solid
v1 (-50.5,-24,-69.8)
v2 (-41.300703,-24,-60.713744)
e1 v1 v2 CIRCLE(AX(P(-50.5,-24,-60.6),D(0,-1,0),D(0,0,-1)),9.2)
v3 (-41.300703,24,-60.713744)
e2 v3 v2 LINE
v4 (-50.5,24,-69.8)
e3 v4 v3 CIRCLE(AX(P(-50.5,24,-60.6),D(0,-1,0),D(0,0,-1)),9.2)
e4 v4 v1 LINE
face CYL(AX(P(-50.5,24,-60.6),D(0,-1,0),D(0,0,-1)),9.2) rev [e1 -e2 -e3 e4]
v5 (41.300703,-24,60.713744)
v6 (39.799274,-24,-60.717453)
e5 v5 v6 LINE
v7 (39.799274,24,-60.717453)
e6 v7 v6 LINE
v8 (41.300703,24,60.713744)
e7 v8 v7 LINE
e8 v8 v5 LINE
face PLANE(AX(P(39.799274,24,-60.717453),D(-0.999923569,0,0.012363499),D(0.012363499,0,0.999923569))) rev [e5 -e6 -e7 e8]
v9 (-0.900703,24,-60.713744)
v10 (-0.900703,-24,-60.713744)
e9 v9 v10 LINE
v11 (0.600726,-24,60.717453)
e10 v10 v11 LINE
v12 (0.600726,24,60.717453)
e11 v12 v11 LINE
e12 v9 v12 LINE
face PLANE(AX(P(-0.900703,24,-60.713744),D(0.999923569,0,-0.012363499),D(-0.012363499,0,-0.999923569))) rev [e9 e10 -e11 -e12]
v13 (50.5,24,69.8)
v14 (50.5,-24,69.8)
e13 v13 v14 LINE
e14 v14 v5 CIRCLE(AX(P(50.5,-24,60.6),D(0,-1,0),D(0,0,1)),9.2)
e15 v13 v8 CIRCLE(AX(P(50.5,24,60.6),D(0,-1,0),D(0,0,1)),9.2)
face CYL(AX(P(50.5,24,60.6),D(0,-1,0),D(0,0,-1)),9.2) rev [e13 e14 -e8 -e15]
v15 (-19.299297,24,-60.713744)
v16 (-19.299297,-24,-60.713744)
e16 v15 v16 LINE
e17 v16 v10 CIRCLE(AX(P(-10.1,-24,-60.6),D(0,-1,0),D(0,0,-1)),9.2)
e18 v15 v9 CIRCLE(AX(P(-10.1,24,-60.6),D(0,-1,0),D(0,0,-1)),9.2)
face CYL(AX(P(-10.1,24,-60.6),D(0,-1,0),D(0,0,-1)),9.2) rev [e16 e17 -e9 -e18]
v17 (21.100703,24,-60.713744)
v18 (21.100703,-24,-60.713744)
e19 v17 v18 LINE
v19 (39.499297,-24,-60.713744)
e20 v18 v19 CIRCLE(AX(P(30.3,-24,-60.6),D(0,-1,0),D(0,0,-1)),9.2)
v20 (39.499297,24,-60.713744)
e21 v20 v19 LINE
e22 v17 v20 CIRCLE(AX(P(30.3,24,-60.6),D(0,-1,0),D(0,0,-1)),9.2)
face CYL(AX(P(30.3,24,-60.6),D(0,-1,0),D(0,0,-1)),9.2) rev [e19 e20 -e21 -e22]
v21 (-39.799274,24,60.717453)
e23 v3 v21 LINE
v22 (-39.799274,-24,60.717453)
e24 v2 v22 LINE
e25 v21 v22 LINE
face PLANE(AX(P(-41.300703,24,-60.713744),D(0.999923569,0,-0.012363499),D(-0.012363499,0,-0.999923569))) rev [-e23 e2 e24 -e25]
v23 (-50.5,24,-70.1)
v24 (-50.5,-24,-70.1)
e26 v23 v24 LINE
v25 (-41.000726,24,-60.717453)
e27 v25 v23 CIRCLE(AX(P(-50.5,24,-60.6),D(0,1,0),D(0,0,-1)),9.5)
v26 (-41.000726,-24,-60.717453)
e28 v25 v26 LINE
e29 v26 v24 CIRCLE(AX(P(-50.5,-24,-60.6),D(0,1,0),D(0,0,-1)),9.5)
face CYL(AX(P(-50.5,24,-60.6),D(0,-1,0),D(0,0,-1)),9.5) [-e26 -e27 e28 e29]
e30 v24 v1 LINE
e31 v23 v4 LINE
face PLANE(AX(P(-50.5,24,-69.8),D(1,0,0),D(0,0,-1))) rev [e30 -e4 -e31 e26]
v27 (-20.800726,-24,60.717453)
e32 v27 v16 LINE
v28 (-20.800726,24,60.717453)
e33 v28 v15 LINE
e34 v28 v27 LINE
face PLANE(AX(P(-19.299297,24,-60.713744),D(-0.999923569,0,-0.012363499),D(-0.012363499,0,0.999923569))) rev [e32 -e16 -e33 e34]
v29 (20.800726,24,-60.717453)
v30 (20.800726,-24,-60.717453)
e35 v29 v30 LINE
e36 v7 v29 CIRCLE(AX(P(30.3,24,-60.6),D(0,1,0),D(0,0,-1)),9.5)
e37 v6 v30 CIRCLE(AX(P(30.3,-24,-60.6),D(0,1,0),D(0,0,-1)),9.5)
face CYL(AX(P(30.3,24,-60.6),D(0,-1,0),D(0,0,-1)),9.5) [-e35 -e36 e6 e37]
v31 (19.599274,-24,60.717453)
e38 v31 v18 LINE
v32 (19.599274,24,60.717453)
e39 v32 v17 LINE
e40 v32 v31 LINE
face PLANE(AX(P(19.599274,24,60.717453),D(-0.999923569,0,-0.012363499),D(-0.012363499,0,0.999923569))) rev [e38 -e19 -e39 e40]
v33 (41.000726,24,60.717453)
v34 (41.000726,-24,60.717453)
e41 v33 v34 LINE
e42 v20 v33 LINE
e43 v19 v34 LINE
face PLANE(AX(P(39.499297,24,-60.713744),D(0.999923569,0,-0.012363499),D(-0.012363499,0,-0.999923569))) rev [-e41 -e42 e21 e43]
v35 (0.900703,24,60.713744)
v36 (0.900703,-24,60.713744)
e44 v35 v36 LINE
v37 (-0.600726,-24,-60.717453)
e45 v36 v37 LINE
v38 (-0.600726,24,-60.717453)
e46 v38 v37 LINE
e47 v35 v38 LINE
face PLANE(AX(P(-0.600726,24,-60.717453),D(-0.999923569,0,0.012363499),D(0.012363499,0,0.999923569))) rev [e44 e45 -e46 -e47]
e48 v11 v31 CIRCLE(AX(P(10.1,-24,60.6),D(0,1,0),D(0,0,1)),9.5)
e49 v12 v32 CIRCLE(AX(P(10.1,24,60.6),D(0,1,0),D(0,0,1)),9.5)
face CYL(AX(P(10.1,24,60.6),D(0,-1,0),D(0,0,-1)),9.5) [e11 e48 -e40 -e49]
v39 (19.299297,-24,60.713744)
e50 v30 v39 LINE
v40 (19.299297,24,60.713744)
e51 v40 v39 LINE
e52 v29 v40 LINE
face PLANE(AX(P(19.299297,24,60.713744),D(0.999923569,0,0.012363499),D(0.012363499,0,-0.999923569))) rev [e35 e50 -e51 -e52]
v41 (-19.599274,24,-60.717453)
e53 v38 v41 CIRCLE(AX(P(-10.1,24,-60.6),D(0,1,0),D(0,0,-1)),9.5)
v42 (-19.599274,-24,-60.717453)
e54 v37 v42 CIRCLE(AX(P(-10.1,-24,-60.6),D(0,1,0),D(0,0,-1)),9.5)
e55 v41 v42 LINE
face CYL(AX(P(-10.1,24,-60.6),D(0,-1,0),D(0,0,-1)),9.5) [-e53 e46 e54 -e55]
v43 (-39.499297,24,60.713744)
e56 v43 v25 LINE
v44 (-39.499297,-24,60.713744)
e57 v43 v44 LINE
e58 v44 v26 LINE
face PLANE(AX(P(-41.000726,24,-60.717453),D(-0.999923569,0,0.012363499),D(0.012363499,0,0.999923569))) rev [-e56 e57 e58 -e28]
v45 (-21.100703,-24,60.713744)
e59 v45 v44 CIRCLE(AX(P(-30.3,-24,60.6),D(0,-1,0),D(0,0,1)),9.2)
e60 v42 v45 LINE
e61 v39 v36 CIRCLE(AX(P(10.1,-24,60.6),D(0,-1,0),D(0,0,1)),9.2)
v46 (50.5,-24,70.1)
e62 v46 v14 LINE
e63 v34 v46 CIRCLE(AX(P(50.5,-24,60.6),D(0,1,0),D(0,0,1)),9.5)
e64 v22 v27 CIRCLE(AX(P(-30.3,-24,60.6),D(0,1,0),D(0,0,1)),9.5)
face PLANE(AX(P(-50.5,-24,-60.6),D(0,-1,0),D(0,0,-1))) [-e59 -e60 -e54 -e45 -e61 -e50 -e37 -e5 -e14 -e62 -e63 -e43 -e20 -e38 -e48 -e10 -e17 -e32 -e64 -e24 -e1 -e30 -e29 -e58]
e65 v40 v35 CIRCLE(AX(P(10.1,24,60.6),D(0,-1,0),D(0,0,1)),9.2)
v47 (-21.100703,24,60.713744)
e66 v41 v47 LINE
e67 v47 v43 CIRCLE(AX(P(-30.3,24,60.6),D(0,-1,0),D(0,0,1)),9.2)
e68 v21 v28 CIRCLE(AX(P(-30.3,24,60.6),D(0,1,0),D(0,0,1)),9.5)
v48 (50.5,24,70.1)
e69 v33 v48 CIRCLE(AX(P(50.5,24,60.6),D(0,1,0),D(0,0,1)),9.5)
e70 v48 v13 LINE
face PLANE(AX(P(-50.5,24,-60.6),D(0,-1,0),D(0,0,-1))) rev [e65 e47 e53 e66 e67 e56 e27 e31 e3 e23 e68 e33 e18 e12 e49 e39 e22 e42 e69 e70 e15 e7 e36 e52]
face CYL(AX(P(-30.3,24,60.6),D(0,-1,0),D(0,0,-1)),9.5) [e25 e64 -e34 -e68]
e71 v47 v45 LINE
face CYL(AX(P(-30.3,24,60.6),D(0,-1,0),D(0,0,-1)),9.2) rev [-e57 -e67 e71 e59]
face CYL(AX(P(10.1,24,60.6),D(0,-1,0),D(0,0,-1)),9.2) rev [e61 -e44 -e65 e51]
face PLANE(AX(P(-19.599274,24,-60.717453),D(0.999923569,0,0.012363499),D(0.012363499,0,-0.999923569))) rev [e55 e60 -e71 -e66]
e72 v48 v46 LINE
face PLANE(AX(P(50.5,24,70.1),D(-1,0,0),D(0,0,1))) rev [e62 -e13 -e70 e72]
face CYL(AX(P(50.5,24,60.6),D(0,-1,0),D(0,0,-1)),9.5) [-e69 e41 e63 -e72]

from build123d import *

# Parameters (mm, degrees)
BOSS_EXTRUDE1_DEPTH = 24


with BuildPart() as part:
    # Sketch1 → Boss-Extrude1 (new, symmetric)
    with BuildSketch(Plane(origin=(0, 0, 0), x_dir=(1, 0, 0), z_dir=(0, 1, 0))):
        with BuildLine():
            Line((-41.300703165, 60.713744192), (-39.799273906, -60.717453242))
            ThreePointArc((-39.799273906, -60.717453242), (-30.3, -70.1), (-20.800726094, -60.717453242))
            Line((-20.800726094, -60.717453242), (-19.299296835, 60.713744192))
            ThreePointArc((-19.299296835, 60.713744192), (-10.1, 69.8), (-0.900703165, 60.713744192))
            Line((-0.900703165, 60.713744192), (0.600726094, -60.717453242))
            ThreePointArc((0.600726094, -60.717453242), (10.1, -70.1), (19.599273906, -60.717453242))
            Line((19.599273906, -60.717453242), (21.100703165, 60.713744192))
            ThreePointArc((21.100703165, 60.713744192), (30.3, 69.8), (39.499296835, 60.713744192))
            Line((39.499296835, 60.713744192), (41.000726094, -60.717453242))
            ThreePointArc((41.000726094, -60.717453242), (43.824140722, -67.358912849), (50.5, -70.1))
            Line((50.5, -70.1), (50.5, -69.8))
            ThreePointArc((50.5, -69.8), (44.034957331, -67.145473496), (41.300703165, -60.713744192))
            Line((41.300703165, -60.713744192), (39.799273906, 60.717453242))
            ThreePointArc((39.799273906, 60.717453242), (30.3, 70.1), (20.800726094, 60.717453242))
            Line((20.800726094, 60.717453242), (19.299296835, -60.713744192))
            ThreePointArc((19.299296835, -60.713744192), (10.1, -69.8), (0.900703165, -60.713744192))
            Line((0.900703165, -60.713744192), (-0.600726094, 60.717453242))
            ThreePointArc((-0.600726094, 60.717453242), (-10.1, 70.1), (-19.599273906, 60.717453242))
            Line((-19.599273906, 60.717453242), (-21.100703165, -60.713744192))
            ThreePointArc((-21.100703165, -60.713744192), (-30.3, -69.8), (-39.499296835, -60.713744192))
            Line((-39.499296835, -60.713744192), (-41.000726094, 60.717453242))
            ThreePointArc((-41.000726094, 60.717453242), (-43.824140722, 67.358912849), (-50.5, 70.1))
            Line((-50.5, 70.1), (-50.5, 69.8))
            ThreePointArc((-50.5, 69.8), (-44.034957331, 67.145473496), (-41.300703165, 60.713744192))
        make_face()
    extrude(amount=BOSS_EXTRUDE1_DEPTH, both=True)


solid = part.part
